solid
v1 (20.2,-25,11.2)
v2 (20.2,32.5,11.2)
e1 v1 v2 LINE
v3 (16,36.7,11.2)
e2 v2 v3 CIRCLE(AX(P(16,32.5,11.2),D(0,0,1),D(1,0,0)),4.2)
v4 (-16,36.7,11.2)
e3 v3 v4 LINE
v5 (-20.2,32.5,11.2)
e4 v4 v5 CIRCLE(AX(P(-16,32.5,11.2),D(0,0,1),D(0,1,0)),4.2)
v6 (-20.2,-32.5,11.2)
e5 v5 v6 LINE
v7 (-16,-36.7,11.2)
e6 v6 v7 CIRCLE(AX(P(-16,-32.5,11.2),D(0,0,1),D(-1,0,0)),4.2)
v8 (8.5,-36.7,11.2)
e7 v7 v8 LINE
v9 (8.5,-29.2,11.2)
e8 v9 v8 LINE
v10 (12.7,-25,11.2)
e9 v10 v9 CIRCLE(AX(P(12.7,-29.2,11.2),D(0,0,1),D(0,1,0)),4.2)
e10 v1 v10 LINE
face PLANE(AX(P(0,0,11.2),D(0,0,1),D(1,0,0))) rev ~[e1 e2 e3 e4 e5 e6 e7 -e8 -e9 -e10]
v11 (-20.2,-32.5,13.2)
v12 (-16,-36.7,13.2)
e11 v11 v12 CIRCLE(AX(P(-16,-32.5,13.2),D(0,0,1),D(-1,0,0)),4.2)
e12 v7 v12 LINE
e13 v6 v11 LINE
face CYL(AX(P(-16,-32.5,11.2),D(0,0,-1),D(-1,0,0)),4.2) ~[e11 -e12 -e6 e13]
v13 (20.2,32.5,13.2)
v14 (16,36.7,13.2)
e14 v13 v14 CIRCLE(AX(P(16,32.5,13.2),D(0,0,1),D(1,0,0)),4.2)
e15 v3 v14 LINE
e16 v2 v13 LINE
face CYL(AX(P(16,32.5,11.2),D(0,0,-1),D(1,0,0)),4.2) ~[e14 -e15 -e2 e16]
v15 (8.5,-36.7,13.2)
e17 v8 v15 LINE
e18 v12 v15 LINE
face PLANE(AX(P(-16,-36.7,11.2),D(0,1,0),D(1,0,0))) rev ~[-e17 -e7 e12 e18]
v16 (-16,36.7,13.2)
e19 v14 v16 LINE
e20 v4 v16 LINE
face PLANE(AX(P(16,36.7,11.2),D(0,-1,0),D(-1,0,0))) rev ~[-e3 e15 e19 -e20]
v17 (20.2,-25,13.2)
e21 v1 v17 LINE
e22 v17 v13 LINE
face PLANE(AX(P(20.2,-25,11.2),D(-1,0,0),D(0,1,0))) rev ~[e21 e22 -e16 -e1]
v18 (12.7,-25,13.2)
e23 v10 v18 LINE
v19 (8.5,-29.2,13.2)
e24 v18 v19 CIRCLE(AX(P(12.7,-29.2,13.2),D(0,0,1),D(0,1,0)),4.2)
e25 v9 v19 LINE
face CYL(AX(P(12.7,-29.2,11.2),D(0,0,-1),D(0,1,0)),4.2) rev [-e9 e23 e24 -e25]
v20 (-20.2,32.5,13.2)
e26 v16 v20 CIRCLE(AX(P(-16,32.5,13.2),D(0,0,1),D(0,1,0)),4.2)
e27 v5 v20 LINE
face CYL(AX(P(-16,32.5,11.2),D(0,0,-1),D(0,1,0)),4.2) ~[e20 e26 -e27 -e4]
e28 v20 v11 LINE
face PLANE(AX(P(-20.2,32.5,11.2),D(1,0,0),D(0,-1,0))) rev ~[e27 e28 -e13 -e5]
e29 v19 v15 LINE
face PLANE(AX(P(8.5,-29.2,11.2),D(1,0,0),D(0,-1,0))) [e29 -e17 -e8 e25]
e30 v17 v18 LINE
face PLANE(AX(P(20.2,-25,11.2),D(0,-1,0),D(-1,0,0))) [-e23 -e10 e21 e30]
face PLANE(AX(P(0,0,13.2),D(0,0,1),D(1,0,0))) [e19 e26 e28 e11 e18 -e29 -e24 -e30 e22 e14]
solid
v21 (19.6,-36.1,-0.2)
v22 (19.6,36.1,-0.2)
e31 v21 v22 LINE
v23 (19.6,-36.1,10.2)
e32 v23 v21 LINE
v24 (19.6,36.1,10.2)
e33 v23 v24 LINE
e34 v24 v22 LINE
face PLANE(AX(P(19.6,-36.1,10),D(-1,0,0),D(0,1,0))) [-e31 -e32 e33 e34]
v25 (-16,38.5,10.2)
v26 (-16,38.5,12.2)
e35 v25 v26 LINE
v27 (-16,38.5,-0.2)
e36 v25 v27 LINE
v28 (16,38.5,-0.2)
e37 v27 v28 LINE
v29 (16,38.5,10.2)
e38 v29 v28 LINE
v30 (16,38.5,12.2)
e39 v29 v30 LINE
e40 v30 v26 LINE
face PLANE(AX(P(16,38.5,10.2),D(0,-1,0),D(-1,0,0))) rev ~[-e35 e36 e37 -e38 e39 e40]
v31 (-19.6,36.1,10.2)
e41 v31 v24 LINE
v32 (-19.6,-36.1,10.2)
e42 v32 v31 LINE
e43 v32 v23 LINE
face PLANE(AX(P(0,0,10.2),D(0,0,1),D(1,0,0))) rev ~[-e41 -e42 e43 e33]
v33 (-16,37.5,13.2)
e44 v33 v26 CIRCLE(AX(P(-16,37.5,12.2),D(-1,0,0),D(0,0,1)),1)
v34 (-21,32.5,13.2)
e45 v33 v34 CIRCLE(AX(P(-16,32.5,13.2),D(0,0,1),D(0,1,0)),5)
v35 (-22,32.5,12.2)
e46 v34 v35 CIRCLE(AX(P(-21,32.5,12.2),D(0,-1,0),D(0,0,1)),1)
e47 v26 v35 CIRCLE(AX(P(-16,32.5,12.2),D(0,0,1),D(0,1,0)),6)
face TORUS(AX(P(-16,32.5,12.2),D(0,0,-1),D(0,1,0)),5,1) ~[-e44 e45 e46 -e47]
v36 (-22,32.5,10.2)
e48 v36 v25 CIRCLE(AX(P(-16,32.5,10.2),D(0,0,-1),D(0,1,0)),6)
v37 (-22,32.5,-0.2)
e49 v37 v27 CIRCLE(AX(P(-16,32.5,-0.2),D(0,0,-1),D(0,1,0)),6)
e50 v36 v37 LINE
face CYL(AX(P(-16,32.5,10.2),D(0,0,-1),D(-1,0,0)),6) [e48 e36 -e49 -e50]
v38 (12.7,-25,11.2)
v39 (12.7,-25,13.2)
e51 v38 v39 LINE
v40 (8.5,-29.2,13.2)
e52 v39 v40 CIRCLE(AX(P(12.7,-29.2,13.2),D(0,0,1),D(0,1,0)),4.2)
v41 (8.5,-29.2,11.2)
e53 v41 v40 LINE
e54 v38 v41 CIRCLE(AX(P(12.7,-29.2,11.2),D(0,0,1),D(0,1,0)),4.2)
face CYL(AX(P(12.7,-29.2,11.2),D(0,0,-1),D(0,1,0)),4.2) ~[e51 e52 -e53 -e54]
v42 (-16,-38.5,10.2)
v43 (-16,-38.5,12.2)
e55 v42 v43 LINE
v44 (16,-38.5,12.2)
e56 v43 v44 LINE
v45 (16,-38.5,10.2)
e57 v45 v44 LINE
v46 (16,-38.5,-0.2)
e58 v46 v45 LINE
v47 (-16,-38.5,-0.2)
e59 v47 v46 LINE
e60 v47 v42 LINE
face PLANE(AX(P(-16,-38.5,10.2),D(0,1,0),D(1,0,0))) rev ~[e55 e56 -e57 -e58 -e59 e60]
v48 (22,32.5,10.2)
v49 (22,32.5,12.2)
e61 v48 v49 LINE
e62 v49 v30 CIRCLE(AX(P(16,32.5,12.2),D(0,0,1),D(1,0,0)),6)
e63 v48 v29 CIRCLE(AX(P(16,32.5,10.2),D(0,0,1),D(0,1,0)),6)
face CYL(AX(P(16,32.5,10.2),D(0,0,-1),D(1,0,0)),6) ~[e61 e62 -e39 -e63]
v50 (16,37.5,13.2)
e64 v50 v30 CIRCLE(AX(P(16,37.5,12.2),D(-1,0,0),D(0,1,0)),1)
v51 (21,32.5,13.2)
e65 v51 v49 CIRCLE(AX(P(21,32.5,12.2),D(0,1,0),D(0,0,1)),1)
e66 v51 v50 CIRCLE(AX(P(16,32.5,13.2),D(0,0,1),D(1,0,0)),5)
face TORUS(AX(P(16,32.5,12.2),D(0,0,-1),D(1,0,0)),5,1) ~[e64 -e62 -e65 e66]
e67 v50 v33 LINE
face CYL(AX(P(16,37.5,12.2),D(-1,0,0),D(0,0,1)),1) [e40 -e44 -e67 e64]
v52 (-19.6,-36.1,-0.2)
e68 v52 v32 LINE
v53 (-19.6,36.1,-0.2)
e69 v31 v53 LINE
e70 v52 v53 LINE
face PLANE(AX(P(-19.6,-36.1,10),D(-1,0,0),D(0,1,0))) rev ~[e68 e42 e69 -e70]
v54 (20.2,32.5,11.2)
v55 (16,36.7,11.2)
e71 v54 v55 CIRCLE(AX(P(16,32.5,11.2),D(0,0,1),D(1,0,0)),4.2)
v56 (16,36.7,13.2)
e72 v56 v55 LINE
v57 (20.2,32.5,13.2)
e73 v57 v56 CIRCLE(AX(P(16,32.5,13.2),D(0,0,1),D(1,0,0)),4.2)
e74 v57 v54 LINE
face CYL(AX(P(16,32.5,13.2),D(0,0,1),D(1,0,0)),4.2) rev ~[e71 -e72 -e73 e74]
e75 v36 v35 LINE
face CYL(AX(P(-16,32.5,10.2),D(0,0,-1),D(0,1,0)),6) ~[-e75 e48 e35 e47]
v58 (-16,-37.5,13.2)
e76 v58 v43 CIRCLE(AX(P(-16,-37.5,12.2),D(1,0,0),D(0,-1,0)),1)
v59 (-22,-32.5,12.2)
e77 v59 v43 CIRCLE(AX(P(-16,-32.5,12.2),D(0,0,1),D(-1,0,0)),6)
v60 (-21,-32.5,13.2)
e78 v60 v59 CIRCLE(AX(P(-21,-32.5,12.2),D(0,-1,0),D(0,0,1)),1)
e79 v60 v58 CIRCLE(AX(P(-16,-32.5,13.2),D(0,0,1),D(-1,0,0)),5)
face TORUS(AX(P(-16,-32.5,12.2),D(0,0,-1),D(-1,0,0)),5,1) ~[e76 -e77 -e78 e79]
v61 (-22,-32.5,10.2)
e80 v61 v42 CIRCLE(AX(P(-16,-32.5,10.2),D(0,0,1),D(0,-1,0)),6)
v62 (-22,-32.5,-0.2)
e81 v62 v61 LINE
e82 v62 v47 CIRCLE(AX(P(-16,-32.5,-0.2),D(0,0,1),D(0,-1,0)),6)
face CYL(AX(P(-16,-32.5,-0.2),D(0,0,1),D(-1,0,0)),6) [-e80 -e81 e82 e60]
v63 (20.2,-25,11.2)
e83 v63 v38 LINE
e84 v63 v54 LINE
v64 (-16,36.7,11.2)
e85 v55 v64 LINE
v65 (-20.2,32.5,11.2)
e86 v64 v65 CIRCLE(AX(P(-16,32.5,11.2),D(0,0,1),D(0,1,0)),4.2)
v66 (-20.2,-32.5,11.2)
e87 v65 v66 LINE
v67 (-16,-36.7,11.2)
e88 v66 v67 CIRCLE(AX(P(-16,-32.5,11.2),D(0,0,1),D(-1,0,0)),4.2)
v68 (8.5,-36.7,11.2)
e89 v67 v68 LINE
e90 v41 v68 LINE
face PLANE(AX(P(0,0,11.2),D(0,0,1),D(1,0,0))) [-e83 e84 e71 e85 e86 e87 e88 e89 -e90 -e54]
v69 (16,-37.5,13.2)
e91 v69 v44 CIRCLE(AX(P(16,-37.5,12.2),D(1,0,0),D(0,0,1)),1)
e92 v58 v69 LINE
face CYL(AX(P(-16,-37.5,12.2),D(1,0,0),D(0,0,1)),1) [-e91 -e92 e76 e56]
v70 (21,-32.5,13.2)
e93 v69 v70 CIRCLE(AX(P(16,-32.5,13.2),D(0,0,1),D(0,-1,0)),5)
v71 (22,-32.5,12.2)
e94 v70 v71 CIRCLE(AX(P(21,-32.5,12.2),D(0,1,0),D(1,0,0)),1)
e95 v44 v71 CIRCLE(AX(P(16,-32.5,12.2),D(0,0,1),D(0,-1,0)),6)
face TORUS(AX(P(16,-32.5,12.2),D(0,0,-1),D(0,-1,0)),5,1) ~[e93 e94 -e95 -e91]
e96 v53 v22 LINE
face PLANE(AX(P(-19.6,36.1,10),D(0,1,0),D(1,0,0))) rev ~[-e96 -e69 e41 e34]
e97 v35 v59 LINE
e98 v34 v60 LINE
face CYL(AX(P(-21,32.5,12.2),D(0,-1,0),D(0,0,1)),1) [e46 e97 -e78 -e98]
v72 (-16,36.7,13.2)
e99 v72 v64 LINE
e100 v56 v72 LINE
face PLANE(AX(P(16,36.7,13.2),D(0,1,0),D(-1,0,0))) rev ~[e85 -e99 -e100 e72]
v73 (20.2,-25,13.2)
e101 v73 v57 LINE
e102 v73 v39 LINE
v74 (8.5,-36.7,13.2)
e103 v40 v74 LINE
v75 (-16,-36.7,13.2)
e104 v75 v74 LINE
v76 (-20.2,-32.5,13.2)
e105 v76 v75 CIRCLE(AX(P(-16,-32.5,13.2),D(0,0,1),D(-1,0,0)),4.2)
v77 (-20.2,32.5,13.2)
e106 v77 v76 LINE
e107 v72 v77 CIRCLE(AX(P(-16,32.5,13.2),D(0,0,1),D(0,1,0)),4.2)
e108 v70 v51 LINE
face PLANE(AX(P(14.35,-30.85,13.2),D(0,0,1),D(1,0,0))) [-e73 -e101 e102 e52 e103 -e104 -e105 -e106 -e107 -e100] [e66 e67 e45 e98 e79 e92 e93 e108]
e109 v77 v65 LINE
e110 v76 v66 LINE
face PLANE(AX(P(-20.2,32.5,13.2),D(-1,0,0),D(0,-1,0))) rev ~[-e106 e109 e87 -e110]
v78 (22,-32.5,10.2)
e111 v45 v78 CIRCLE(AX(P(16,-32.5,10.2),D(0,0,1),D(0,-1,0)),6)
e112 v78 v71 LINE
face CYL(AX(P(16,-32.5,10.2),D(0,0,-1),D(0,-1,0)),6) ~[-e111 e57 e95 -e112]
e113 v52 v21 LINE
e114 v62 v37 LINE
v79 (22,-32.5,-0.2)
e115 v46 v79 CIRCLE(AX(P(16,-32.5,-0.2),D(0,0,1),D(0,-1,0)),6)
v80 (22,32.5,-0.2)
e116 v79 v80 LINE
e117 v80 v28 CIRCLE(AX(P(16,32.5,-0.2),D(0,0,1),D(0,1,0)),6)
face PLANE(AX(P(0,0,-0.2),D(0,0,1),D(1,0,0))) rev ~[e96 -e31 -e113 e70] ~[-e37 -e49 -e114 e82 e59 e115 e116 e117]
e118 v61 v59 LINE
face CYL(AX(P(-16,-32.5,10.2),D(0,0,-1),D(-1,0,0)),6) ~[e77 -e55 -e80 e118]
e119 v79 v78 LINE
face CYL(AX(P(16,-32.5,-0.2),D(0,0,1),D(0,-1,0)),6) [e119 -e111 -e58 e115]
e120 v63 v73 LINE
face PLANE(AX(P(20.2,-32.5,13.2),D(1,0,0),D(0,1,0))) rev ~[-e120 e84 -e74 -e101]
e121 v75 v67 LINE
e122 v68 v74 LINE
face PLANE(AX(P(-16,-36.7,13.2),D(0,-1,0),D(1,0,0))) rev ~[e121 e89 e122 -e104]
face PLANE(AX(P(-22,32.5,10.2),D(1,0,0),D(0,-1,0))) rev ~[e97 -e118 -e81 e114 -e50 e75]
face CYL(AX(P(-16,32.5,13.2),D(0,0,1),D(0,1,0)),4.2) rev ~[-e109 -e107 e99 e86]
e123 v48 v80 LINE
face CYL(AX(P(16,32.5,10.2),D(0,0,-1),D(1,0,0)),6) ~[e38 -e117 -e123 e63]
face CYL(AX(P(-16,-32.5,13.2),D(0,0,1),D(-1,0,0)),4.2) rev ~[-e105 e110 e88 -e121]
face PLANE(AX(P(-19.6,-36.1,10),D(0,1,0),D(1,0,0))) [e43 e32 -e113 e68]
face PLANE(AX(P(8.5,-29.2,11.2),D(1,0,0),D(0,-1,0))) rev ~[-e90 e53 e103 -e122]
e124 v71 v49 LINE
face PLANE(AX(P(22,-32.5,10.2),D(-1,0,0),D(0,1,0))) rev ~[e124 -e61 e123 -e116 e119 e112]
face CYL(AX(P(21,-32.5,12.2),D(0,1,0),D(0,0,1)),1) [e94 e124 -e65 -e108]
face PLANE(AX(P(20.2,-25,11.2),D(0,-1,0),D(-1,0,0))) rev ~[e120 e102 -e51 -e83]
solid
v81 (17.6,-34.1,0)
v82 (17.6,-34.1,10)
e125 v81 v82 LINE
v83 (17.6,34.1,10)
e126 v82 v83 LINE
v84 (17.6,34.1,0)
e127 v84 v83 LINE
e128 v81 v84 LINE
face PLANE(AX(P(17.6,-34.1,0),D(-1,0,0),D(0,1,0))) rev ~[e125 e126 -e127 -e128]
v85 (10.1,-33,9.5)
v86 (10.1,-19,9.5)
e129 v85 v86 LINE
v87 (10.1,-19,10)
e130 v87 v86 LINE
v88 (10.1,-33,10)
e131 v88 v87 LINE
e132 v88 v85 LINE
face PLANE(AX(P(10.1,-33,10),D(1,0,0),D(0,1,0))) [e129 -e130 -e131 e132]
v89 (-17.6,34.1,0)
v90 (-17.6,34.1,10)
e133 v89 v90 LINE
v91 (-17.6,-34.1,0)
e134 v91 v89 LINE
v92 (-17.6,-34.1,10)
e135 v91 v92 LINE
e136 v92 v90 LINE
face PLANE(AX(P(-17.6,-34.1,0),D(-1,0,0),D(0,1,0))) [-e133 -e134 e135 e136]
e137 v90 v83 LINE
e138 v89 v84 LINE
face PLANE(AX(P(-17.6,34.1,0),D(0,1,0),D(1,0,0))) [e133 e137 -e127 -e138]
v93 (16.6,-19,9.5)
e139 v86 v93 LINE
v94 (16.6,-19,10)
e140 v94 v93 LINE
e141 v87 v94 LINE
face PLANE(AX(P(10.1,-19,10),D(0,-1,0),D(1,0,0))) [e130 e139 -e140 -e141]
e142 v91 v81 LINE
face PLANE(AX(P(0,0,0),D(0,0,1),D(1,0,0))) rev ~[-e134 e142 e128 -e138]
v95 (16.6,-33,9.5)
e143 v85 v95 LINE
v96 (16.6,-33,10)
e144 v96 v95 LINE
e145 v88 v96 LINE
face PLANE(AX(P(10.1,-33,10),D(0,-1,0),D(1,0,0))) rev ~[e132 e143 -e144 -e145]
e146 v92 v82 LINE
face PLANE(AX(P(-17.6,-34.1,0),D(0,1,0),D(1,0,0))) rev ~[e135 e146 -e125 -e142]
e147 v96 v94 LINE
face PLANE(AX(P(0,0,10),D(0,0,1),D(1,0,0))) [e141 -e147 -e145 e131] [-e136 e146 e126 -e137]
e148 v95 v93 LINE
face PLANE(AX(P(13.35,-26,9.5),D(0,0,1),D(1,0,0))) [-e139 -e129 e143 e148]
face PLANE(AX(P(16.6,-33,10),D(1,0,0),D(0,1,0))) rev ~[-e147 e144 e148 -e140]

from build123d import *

# Parameters (mm, degrees)
F0_W          = 35.2
F0_H          = 68.2
F1_DEPTH      = 10
F2_W          = 6.5
F2_H          = 14
F3_DEPTH      = 0.5
F4_W          = 44
F4_H          = 77
F4_W_2        = 39.2
F4_H_2        = 72.2
F5_DEPTH      = 10.2
F5_DEPTH_BACK = 0.2
F6_R          = 6
F8_DEPTH      = 3
F10_DEPTH     = 2
F12_DEPTH     = 2
F13_DEPTH     = 2
F14_R         = 1


with BuildPart() as f1:
    # F0 (on Top) → F1 (new body)
    with BuildSketch(Plane.XY):
        Rectangle(F0_W, F0_H)
    extrude(amount=F1_DEPTH)

    # F2 (on face) → F3 (cut)
    with BuildSketch(Plane.XY.offset(10)):
        with Locations((13.35, -26)):
            Rectangle(F2_W, F2_H)
    extrude(amount=-F3_DEPTH, mode=Mode.SUBTRACT)


with BuildPart() as f5:
    # F4 (on face) → F5 (new body, two sides)
    with BuildSketch(Plane.XY.offset(10)) as f5_sk:
        Rectangle(F4_W, F4_H)
        Rectangle(F4_W_2, F4_H_2, mode=Mode.SUBTRACT)
    extrude(amount=-F5_DEPTH)
    extrude(f5_sk.sketch, amount=F5_DEPTH_BACK)

    # F6
    f6_edges = [f5.edges().sort_by_distance(p)[0] for p in [
        (-22, 38.5, 5),
        (22, 38.5, 5),
        (22, -38.5, 5),
        (-22, -38.5, 5),
    ]]
    fillet(f6_edges, radius=F6_R)

    # F7 (on face) → F8 (join)
    with BuildSketch(Plane.XY.offset(10.2)):
        with BuildLine():
            ThreePointArc((-16, 38.5), (-20.2426406871, 36.7426406871), (-22, 32.5))
            Line((-22, 32.5), (-22, -32.5))
            ThreePointArc((-22, -32.5), (-20.2426406871, -36.7426406871), (-16, -38.5))
            Line((-16, -38.5), (16, -38.5))
            ThreePointArc((16, -38.5), (20.2426406871, -36.7426406871), (22, -32.5))
            Line((22, -32.5), (22, 32.5))
            ThreePointArc((22, 32.5), (20.2426406871, 36.7426406871), (16, 38.5))
            Line((16, 38.5), (-16, 38.5))
        make_face()
    extrude(amount=F8_DEPTH)

    # F9 (on face) → F10 (cut)
    with BuildSketch(Plane.XY.offset(13.2)):
        with BuildLine():
            ThreePointArc((20.2, 32.5), (18.969848481, 35.469848481), (16, 36.7))
            Line((16, 36.7), (-16, 36.7))
            ThreePointArc((-16, 36.7), (-18.969848481, 35.469848481), (-20.2, 32.5))
            Line((-20.2, 32.5), (-20.2, -32.5))
            ThreePointArc((-20.2, -32.5), (-18.969848481, -35.469848481), (-16, -36.7))
            Line((-16, -36.7), (16, -36.7))
            ThreePointArc((16, -36.7), (18.969848481, -35.469848481), (20.2, -32.5))
            Line((20.2, -32.5), (20.2, 32.5))
        make_face()
    extrude(amount=-F10_DEPTH, mode=Mode.SUBTRACT)

    # F11 (on face) → F12 (join, through all)
    with BuildSketch(Plane.XY.offset(11.2)):
        with BuildLine():
            Line((8.5, -29.2), (8.5, -36.7))
            Line((8.5, -36.7), (16, -36.7))
            ThreePointArc((16, -36.7), (18.969848481, -35.469848481), (20.2, -32.5))
            Line((20.2, -32.5), (20.2, -25))
            Line((20.2, -25), (12.7, -25))
            ThreePointArc((12.7, -25), (9.730151519, -26.230151519), (8.5, -29.2))
        make_face()
    extrude(amount=F12_DEPTH)


with BuildPart() as f13:
    # F13 (new): a face of the model
    f13_faces = [f5.part.faces().sort_by_distance(p)[0] for p in [
        (-0.65784899, 1.4142607206, 11.2),
    ]]
    extrude(f13_faces, amount=F13_DEPTH)


with BuildPart() as f5_1:
    add(f5.part)

    # F14
    f14_edges = [f5_1.edges().sort_by_distance(p)[0] for p in [
        (-22, 0, 13.2),
    ]]
    fillet(f14_edges, radius=F14_R)


solid = Compound([f1.part, f13.part, f5_1.part])
